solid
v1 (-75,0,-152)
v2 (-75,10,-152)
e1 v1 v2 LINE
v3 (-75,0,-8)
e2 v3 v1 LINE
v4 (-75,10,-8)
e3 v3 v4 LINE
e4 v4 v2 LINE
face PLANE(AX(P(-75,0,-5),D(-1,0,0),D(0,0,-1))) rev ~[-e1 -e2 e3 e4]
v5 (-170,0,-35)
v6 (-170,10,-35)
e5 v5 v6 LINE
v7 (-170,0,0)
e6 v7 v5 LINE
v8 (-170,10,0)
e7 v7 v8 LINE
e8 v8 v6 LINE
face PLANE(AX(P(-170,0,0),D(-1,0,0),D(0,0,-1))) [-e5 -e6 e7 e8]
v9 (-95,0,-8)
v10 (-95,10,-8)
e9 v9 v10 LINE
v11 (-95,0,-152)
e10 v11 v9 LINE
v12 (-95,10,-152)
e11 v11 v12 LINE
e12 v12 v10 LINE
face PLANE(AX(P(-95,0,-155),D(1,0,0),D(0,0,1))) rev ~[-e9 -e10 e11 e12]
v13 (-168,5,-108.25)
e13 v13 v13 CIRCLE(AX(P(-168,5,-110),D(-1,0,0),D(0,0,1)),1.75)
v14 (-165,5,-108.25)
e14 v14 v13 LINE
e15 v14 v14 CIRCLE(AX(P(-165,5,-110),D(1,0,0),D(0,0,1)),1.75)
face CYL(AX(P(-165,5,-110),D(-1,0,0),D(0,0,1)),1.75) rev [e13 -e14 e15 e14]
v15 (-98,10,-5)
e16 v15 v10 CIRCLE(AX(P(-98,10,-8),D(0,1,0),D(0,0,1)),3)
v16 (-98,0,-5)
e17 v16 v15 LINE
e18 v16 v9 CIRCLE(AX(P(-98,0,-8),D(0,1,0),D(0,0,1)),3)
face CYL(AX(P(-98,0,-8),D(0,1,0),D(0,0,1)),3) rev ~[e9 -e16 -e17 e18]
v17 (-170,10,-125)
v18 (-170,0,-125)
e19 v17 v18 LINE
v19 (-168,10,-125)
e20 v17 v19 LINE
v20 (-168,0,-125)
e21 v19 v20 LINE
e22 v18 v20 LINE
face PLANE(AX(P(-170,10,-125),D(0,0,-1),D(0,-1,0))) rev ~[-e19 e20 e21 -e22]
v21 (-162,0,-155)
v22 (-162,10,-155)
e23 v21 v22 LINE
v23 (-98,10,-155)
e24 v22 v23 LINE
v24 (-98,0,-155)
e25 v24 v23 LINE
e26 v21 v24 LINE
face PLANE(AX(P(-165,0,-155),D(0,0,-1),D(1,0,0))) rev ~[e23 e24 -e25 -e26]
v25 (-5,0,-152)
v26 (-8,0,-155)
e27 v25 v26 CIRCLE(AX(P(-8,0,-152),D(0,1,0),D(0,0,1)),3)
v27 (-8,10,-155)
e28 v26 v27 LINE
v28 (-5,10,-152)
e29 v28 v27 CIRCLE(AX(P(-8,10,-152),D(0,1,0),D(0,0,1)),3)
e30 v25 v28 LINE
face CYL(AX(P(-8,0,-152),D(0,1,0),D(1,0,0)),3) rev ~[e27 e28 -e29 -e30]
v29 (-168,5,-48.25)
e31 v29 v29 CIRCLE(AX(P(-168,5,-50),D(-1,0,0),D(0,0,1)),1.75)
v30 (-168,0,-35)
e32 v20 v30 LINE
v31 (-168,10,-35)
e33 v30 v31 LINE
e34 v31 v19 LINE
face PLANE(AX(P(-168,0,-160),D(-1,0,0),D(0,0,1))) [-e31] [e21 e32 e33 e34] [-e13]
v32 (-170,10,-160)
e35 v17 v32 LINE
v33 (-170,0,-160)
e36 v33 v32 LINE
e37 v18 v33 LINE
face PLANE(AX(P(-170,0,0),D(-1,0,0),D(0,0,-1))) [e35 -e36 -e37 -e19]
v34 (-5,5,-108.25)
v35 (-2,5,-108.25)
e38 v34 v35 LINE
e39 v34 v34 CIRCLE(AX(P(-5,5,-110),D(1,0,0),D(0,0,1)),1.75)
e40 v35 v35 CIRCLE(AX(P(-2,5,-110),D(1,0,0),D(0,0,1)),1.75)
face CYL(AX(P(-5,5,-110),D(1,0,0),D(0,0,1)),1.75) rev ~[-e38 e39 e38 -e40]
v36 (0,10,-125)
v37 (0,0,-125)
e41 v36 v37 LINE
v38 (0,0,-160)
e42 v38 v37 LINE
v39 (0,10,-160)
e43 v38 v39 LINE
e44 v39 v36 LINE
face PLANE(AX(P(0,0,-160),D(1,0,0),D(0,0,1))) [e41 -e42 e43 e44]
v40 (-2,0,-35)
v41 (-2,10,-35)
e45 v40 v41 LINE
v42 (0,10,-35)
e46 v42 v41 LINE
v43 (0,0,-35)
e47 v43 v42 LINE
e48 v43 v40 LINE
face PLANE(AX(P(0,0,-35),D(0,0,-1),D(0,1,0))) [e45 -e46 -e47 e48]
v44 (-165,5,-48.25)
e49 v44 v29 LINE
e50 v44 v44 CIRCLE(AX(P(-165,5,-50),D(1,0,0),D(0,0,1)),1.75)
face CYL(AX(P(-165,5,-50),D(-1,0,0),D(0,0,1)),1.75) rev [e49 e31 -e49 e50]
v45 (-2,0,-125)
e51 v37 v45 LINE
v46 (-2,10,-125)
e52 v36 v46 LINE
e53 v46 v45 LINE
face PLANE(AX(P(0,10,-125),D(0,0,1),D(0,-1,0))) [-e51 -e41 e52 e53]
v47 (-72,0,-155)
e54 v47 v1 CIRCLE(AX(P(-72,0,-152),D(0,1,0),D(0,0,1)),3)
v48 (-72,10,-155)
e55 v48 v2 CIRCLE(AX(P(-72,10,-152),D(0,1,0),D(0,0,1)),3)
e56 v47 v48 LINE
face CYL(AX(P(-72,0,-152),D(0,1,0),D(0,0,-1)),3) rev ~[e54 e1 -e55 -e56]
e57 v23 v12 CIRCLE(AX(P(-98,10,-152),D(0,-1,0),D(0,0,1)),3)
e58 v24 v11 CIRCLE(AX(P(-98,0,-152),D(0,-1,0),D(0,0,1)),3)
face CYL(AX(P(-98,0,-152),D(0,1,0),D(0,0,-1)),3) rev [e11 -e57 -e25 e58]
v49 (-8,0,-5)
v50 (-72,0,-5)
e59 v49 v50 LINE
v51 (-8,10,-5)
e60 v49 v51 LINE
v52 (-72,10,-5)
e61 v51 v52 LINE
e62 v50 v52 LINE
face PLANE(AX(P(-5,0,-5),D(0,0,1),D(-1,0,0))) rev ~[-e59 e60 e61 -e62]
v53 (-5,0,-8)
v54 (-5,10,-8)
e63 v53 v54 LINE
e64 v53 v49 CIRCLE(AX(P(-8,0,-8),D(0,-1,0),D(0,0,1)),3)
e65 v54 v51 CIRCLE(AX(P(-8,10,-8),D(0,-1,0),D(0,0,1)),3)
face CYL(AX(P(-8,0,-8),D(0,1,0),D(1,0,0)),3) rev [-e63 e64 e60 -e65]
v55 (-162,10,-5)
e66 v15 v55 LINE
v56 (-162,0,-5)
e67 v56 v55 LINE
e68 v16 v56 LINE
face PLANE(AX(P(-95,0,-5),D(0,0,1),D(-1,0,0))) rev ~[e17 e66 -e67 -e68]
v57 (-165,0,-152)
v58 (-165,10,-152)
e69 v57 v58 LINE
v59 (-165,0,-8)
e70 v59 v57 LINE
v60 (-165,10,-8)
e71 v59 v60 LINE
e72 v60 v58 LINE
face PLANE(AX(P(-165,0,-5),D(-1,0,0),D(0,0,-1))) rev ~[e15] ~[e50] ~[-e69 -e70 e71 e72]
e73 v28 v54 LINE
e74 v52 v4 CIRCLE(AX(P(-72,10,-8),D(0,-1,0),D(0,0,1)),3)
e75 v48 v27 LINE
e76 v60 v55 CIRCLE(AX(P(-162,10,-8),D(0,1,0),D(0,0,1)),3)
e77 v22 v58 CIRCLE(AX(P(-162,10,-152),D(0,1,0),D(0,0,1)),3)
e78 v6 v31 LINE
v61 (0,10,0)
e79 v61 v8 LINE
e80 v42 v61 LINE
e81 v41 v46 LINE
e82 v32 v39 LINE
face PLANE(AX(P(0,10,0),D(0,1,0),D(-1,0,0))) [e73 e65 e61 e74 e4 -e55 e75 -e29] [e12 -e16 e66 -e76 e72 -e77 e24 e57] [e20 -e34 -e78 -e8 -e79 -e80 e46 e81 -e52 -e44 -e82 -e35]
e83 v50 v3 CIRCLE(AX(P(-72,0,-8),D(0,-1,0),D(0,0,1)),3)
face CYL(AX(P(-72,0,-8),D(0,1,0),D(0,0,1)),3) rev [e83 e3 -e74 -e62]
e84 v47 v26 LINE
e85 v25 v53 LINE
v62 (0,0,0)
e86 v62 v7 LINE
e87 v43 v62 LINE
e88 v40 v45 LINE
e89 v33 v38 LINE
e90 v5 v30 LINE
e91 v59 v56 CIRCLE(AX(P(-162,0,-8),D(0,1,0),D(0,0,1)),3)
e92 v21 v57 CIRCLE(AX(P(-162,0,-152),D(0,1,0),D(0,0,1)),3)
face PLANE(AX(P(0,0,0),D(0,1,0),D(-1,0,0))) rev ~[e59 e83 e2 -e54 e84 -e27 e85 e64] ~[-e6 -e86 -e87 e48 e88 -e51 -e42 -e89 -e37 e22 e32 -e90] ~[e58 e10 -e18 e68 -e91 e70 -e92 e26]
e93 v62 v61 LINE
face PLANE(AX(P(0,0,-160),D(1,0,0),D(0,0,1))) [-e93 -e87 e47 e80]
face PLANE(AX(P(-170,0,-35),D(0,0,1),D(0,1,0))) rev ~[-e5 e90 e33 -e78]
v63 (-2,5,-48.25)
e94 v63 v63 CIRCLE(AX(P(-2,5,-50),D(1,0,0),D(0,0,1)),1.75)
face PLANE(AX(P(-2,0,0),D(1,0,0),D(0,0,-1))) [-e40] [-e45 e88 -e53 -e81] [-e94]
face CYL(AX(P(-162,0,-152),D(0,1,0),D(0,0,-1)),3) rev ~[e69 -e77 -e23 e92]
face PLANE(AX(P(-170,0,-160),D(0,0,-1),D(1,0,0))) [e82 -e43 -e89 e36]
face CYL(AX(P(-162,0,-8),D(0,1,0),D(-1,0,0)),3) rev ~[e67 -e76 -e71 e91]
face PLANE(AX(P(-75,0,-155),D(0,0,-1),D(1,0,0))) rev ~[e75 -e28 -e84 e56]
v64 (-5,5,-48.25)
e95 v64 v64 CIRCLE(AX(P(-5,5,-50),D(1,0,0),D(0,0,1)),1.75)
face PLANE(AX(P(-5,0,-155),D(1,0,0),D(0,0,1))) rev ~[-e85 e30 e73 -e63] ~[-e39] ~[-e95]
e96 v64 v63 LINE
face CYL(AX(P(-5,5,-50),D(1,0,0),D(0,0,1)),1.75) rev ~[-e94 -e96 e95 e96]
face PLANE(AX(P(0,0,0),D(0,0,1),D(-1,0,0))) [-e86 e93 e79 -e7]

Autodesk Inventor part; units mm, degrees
ref_plane "YZ Plane" through (0, 0, 0) normal (1, 0, 0) x (0, 1, 0)
ref_plane "XZ Plane" through (0, 0, 0) normal (0, 1, 0) x (-1, 0, 0)
sketch "Sketch1" plane through (0, 0, 0) normal (0, 1, 0) x (-1, 0, 0)
  line L0 (0, 0) -> (170, 0)
  line L1 (170, 0) -> (170, -160)
  line L2 (170, -160) -> (0, -160)
  line L3 (0, -160) -> (0, 0)
  line L4 (5, -5) -> (165, -5)
  line L5 (165, -5) -> (165, -155)
  line L6 (165, -155) -> (5, -155)
  line L7 (5, -155) -> (5, -5)
  line L8 (95, -5) -> (75, -5)
  line L9 (75, -5) -> (75, -155)
  line L10 (75, -155) -> (95, -155)
  line L11 (95, -155) -> (95, -5)
  point P0 (85, -5)
  point P1 (85, 0)
  point P2 (95, -155)
  point P3 (75, -5)
  dimension "d0" = 170
  dimension "d1" = 160
  dimension "d2" = 5
  dimension "d5" = 20
extrude "Extrusion1" add sketch "Sketch1" along normal blind 10 contours L0 L1 L2 L3 | L4 L11 L6 L9
fillet "Fillet1" radius 3 8 edges at (-165, 5, -5) (-95, 5, -5) (-5, 5, -5) (-5, 5, -155) (-75, 5, -155) (-95, 5, -155) (-75, 5, -5) (-165, 5, -155)
sketch "Sketch2" plane through (-5, 0, -152) normal (-1, 0, 0) x (0, 0, 1)
  line L0 (144, 10) -> (144, 0) construction
  line L1 (144, 5) -> (0, 5) construction
  line L2 (0, 0) -> (0, 10) construction
  line L3 (147, 0) -> (147, 10) construction
  line L4 (-3, 10) -> (-3, 0) construction
  point P0 (152, 0)
  point P1 (102, 5)
  point P2 (42, 5)
  point P3 (-3, 5)
  dimension "d20" = 45
  dimension "d21" = 45
hole "Hole1" at (-5, 5, -50) at (-5, 5, -110) direction (1, 0, 0) diameter 3.5 end through all
sketch "Sketch5" plane through (0, 0, 0) normal (1, 0, 0) x (0, 0, -1)
  line L0 (8, 10) -> (152, 10) projected
  line L1 (8, 0) -> (152, 0) projected
  line L2 (35, 10) -> (125, 10)
  line L3 (125, 10) -> (125, 0)
  line L4 (125, 0) -> (35, 0)
  line L5 (35, 0) -> (35, 10)
  line L6 (0, 0) -> (0, 10) projected
  point P0 (0, 5)
  dimension "d37" = 90
  dimension "d38" = 35
extrude "Extrusion5" cut sketch "Sketch5" against normal blind 2
sketch "Sketch6" plane through (-170, 0, -160) normal (-1, 0, 0) x (0, 0, 1)
  line L0 (8, 0) -> (152, 0) projected
  line L1 (125, 10) -> (35, 10) projected
  line L2 (35, 0) -> (125, 0)
  line L3 (125, 0) -> (125, 10)
  line L4 (125, 10) -> (35, 10)
  line L5 (35, 10) -> (35, 0)
  line L6 (0, 0) -> (0, 10) projected
  point P0 (160, 0)
  dimension "d41" = 90
  dimension "d42" = 35
extrude "Extrusion6" cut sketch "Sketch6" against normal blind 2
ref_plane "Work Plane2" through (-85, 0, 0) normal (1, 0, 0) x (0, 0, -1)
mirror "Mirror2" about plane through (-85, 0, 0) normal (1, 0, 0) of "Hole1"
properties part number "Mirror_shell3" material "Aluminum 6061"
